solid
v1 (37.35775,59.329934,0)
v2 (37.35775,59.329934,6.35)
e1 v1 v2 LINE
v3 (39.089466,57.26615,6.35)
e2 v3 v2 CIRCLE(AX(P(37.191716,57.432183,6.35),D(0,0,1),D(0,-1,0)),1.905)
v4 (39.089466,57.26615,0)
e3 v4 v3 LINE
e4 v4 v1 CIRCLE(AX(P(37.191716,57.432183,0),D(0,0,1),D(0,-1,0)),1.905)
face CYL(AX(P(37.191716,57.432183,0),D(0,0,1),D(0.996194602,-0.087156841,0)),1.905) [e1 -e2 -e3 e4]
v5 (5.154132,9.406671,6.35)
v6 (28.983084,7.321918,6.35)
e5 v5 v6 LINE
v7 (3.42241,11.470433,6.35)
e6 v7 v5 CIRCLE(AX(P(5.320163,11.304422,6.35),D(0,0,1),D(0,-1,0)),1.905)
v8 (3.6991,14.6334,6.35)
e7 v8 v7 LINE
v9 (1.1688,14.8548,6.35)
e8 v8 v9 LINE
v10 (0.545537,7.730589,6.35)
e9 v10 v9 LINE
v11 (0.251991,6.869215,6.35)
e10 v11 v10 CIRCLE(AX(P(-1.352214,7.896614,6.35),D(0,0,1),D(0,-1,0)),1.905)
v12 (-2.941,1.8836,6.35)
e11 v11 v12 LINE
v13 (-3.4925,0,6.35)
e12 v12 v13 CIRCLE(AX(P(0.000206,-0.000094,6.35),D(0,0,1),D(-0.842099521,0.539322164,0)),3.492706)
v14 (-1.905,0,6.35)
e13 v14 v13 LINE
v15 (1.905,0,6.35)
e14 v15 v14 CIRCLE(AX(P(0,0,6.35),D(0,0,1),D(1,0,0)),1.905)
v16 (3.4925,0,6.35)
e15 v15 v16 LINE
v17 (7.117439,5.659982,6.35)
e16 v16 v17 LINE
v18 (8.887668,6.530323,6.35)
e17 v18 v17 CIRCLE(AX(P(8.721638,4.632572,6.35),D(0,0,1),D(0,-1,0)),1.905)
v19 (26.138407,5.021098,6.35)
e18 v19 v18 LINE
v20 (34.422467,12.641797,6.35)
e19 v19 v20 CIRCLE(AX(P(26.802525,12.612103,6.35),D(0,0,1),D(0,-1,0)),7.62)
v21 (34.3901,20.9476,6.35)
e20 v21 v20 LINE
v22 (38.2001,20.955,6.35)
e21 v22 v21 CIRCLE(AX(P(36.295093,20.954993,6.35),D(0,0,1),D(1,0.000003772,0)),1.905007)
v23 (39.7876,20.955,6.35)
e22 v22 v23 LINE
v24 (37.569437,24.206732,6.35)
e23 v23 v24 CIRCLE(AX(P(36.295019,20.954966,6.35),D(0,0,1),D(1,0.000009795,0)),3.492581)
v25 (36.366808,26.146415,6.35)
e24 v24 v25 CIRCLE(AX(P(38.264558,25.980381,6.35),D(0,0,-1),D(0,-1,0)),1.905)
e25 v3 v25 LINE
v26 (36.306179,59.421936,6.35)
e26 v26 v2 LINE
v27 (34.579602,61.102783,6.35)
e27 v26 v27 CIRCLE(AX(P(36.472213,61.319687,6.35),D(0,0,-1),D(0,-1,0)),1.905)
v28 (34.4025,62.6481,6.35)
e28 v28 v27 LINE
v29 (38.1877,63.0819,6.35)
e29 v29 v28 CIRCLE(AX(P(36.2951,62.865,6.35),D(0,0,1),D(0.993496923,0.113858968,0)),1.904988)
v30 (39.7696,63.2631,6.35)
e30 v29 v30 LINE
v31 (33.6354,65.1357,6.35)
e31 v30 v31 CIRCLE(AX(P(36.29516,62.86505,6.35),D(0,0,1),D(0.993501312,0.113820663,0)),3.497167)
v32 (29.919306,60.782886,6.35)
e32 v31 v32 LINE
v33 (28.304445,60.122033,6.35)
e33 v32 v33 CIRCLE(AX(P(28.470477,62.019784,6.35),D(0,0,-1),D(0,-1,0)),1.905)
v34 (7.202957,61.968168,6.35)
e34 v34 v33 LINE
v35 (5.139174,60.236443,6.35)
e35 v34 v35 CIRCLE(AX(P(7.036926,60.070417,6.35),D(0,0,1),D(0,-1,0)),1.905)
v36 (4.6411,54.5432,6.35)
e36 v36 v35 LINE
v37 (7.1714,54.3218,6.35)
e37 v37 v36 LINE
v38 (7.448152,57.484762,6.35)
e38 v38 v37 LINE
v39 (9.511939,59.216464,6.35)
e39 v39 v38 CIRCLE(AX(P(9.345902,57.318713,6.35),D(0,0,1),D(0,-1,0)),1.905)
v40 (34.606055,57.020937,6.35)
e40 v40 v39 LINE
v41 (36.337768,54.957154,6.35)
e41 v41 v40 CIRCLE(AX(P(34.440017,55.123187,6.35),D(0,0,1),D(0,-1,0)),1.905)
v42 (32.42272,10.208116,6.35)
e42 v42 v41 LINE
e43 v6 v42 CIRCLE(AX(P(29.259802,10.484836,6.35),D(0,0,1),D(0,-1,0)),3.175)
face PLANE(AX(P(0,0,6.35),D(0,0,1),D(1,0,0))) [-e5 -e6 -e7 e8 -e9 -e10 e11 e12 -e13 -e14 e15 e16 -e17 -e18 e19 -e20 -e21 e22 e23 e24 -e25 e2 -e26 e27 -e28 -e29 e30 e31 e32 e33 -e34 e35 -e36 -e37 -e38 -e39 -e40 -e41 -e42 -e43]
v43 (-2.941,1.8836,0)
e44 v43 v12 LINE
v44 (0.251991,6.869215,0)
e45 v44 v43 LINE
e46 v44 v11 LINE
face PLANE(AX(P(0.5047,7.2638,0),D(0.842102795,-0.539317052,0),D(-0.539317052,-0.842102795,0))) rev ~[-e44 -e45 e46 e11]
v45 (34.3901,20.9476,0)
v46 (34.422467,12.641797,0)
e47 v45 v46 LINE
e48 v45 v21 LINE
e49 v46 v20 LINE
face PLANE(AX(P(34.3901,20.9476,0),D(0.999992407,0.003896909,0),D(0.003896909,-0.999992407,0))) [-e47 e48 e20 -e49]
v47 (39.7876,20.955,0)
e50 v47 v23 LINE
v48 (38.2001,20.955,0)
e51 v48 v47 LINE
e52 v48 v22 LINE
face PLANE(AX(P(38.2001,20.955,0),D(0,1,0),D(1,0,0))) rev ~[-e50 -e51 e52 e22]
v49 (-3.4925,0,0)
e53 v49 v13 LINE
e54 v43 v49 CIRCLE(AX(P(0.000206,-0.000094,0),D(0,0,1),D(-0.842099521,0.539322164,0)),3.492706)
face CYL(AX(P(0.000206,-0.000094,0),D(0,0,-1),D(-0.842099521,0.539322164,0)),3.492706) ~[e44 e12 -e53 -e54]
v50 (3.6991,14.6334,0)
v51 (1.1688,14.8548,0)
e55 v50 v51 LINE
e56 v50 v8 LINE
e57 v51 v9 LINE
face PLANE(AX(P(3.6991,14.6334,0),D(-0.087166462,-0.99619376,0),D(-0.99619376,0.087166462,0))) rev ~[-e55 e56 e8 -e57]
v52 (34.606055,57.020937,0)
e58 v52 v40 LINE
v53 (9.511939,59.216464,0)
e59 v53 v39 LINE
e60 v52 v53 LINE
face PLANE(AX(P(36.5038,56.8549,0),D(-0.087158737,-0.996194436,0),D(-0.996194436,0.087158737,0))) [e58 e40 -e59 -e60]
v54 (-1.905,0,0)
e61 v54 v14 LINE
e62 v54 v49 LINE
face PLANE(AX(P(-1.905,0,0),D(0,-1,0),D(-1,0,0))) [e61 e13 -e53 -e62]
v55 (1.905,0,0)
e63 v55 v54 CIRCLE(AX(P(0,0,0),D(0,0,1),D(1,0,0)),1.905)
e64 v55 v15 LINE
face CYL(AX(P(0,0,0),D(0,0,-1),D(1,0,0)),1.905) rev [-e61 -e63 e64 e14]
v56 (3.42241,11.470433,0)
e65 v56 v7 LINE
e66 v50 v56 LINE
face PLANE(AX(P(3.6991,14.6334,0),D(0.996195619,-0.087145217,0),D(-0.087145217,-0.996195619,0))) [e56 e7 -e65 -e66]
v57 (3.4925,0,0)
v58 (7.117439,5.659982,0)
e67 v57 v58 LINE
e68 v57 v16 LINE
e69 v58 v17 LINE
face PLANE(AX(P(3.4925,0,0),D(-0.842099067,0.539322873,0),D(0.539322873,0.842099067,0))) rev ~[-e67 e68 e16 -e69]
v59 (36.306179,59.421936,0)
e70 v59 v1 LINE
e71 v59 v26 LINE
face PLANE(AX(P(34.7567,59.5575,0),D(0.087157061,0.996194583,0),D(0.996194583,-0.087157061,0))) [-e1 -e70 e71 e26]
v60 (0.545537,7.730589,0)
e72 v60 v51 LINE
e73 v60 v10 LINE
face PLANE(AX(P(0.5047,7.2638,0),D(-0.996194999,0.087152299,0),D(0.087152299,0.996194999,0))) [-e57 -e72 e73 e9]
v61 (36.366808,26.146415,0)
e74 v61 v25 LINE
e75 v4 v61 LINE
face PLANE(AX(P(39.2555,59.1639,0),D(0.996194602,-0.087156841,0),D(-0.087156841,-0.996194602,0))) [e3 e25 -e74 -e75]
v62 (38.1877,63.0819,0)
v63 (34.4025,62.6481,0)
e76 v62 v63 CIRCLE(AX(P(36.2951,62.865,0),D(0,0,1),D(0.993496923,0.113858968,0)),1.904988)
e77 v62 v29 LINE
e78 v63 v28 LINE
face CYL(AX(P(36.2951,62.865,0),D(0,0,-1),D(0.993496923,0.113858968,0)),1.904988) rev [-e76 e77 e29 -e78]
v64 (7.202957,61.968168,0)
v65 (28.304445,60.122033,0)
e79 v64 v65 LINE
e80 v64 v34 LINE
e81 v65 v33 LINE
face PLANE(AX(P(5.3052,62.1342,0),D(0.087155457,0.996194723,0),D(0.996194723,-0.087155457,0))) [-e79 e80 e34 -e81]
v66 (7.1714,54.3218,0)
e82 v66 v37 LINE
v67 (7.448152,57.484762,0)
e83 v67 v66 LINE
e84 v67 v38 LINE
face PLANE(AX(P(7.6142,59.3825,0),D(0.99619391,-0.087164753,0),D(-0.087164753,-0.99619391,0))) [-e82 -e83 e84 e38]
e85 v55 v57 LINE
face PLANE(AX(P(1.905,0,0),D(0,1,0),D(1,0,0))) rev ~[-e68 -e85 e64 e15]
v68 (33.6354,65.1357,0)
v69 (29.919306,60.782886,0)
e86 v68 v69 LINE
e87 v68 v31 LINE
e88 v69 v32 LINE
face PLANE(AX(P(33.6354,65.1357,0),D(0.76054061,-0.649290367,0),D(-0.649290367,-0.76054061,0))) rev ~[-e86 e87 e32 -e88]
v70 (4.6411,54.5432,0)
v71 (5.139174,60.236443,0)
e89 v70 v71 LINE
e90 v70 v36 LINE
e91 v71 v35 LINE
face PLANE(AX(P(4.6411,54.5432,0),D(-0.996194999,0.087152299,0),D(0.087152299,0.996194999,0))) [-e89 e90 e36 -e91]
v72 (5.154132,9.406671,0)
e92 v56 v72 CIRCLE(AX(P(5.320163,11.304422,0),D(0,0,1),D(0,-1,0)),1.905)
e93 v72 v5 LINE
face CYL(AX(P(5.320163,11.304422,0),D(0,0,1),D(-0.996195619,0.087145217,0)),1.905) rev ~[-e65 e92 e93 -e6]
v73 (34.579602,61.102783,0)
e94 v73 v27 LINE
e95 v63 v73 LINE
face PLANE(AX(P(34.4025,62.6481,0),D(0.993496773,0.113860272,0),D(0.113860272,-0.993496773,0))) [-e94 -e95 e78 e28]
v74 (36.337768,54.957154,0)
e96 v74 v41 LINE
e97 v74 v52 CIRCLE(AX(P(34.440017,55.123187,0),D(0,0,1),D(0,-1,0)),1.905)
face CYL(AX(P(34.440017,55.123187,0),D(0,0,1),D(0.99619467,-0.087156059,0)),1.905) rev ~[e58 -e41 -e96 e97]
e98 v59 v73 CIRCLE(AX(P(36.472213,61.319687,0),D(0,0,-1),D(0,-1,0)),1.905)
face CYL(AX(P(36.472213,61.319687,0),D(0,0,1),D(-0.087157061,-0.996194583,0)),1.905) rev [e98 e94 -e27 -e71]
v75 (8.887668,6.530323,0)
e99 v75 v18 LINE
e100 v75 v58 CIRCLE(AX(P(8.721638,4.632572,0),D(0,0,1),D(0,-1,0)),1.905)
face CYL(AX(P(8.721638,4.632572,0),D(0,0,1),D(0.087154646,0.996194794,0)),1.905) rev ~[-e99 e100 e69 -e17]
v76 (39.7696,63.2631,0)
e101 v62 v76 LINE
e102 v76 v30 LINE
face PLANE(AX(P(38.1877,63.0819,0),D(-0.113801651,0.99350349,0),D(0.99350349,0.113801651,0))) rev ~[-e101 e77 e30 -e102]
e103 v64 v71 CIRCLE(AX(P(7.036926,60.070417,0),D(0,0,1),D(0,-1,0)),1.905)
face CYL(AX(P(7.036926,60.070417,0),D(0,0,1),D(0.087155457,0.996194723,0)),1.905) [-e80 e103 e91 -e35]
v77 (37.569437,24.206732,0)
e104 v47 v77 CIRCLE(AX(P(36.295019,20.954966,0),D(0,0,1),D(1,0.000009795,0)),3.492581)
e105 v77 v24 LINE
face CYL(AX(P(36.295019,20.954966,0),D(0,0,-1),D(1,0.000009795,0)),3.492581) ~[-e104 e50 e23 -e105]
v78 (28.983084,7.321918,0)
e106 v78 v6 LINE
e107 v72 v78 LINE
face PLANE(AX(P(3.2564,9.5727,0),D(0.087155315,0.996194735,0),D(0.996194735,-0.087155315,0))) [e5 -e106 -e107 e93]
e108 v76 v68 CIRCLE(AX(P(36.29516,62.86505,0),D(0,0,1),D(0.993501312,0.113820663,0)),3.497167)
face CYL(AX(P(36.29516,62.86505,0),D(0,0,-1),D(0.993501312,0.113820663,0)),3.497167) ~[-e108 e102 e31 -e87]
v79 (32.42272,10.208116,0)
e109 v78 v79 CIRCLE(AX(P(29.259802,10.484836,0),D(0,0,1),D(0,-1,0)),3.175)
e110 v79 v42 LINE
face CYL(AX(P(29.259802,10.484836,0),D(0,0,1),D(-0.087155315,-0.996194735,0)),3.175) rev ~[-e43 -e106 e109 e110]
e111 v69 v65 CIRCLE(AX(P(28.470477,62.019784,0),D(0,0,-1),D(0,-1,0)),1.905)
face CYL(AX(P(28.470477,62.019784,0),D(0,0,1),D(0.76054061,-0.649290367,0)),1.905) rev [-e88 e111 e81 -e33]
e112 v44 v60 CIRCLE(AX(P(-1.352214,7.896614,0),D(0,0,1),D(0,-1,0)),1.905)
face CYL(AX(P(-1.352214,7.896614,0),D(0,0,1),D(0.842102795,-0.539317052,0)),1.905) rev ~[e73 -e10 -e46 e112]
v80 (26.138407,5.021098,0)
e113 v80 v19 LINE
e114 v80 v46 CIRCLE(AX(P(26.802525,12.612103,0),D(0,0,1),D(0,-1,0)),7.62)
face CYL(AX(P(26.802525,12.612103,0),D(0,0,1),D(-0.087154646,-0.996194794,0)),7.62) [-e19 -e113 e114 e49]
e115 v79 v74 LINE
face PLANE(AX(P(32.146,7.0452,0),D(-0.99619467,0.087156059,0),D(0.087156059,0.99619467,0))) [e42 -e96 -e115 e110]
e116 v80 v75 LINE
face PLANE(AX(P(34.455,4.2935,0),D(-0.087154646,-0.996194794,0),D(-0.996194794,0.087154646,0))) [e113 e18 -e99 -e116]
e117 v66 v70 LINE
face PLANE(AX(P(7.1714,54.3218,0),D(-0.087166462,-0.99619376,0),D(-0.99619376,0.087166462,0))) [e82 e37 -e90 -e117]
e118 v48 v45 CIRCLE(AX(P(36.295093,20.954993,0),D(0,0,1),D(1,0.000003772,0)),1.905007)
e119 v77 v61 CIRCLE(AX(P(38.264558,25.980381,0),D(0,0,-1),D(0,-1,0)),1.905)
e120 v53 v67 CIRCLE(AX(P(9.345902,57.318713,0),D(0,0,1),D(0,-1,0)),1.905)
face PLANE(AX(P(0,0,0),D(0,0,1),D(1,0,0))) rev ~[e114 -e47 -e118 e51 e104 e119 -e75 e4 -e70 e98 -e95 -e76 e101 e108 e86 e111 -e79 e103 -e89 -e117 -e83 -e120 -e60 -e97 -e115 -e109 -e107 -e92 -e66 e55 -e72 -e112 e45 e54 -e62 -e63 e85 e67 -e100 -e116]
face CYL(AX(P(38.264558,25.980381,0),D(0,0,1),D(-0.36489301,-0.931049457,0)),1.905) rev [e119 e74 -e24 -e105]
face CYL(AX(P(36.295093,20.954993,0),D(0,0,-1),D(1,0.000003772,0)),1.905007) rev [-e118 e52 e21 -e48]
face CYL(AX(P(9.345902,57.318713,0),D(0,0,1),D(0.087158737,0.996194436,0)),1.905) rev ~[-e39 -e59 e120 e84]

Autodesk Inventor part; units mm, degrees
ref_plane "YZ Plane" through (0, 0, 0) normal (1, 0, 0) x (0, 1, 0)
ref_plane "XZ Plane" through (0, 0, 0) normal (0, 1, 0) x (-1, 0, 0)
ref_plane "XY Plane" through (0, 0, 0) normal (0, 0, 1) x (1, 0, 0)
sketch "Sketch1" plane through (0, 0, 0) normal (0, 0, 1) x (1, 0, 0)
  arc A0 (1.905, 0) -> (-1.905, 0) centre (0, 0) ccw
  arc A1 (38.2001, 20.955) -> (34.3901, 20.9476) centre (36.2951, 20.955) ccw
  arc A2 (38.1877, 63.0819) -> (34.4025, 62.6481) centre (36.2951, 62.865) ccw
  line L0 (36.2951, 62.865) -> (36.2951, 20.955) construction
  line L1 (36.2951, 20.955) -> (0, 0) construction
  line L2 (32.146, 7.0452) -> (36.5038, 56.8549)
  line L3 (36.5038, 56.8549) -> (7.6142, 59.3825)
  line L4 (3.2564, 9.5727) -> (32.146, 7.0452)
  line L5 (0, 0) -> (62.4148, 0) construction
  line L6 (39.2555, 59.1639) -> (36.2181, 24.4467)
  line L7 (34.455, 4.2935) -> (7.7392, 6.6308)
  line L8 (7.1714, 54.3218) -> (4.6411, 54.5432)
  line L9 (3.6991, 14.6334) -> (1.1688, 14.8548)
  line L10 (38.2001, 20.955) -> (39.7876, 20.955)
  line L11 (-1.905, 0) -> (-3.4925, 0)
  line L12 (1.905, 0) -> (3.4925, 0)
  line L13 (0.5047, 7.2638) -> (1.1688, 14.8548)
  line L14 (4.6411, 54.5432) -> (5.3052, 62.1342)
  line L15 (7.6142, 59.3825) -> (7.1714, 54.3218)
  line L16 (3.6991, 14.6334) -> (3.2564, 9.5727)
  line L17 (0.5047, 7.2638) -> (-2.941, 1.8836)
  line L18 (3.4925, 0) -> (7.7392, 6.6308)
  line L19 (34.3901, 20.9476) -> (34.455, 4.2935)
  arc A3 (39.7876, 20.955) -> (36.2181, 24.4467) centre (36.2951, 20.955) ccw
  line L20 (33.6354, 65.1357) -> (29.2821, 60.0365)
  line L21 (38.1877, 63.0819) -> (39.7696, 63.2631)
  line L22 (34.4025, 62.6481) -> (34.7567, 59.5575)
  arc A4 (39.7696, 63.2631) -> (33.6354, 65.1357) centre (36.2951, 62.865) ccw
  arc A5 (-2.941, 1.8836) -> (-3.4925, 0) centre (0, 0) ccw
  line L23 (5.3052, 62.1342) -> (29.2821, 60.0365)
  line L24 (34.7567, 59.5575) -> (39.2555, 59.1639)
  dimension "d0" = 3.81
  dimension "d1" = 41.91
  dimension "d2" = 120
  dimension "d4" = 29
  dimension "d5" = 50
  dimension "d6" = 5.969
  dimension "d7" = 2.921
  dimension "d8" = 85
  dimension "d10" = 5.08
  dimension "d11" = 5.08
  dimension "d13" = 2.54
extrude "Extrusion1" add sketch "Sketch1" along normal blind 6.35
fillet "Fillet2" radius 3.175 1 edges at (32.146, 7.0452, 3.175)
fillet "Fillet1" radius 7.62 1 edges at (34.455, 4.2935, 3.175)
fillet "Fillet3" radius 1.905 10 edges at (3.2564, 9.5727, 3.175) (7.6142, 59.3825, 3.175) (36.5038, 56.8549, 3.175) (34.7567, 59.5575, 3.175) (29.2821, 60.0365, 3.175) (39.2555, 59.1639, 3.175) (36.2181, 24.4467, 3.175) (7.7392, 6.6308, 3.175) (0.5047, 7.2638, 3.175) (5.3052, 62.1342, 3.175)
equation "\"d13\" = d9"
equation "\"d9\" = 2.54"
properties part number "DriveBatteryHolder" material "ABS Plastic"
